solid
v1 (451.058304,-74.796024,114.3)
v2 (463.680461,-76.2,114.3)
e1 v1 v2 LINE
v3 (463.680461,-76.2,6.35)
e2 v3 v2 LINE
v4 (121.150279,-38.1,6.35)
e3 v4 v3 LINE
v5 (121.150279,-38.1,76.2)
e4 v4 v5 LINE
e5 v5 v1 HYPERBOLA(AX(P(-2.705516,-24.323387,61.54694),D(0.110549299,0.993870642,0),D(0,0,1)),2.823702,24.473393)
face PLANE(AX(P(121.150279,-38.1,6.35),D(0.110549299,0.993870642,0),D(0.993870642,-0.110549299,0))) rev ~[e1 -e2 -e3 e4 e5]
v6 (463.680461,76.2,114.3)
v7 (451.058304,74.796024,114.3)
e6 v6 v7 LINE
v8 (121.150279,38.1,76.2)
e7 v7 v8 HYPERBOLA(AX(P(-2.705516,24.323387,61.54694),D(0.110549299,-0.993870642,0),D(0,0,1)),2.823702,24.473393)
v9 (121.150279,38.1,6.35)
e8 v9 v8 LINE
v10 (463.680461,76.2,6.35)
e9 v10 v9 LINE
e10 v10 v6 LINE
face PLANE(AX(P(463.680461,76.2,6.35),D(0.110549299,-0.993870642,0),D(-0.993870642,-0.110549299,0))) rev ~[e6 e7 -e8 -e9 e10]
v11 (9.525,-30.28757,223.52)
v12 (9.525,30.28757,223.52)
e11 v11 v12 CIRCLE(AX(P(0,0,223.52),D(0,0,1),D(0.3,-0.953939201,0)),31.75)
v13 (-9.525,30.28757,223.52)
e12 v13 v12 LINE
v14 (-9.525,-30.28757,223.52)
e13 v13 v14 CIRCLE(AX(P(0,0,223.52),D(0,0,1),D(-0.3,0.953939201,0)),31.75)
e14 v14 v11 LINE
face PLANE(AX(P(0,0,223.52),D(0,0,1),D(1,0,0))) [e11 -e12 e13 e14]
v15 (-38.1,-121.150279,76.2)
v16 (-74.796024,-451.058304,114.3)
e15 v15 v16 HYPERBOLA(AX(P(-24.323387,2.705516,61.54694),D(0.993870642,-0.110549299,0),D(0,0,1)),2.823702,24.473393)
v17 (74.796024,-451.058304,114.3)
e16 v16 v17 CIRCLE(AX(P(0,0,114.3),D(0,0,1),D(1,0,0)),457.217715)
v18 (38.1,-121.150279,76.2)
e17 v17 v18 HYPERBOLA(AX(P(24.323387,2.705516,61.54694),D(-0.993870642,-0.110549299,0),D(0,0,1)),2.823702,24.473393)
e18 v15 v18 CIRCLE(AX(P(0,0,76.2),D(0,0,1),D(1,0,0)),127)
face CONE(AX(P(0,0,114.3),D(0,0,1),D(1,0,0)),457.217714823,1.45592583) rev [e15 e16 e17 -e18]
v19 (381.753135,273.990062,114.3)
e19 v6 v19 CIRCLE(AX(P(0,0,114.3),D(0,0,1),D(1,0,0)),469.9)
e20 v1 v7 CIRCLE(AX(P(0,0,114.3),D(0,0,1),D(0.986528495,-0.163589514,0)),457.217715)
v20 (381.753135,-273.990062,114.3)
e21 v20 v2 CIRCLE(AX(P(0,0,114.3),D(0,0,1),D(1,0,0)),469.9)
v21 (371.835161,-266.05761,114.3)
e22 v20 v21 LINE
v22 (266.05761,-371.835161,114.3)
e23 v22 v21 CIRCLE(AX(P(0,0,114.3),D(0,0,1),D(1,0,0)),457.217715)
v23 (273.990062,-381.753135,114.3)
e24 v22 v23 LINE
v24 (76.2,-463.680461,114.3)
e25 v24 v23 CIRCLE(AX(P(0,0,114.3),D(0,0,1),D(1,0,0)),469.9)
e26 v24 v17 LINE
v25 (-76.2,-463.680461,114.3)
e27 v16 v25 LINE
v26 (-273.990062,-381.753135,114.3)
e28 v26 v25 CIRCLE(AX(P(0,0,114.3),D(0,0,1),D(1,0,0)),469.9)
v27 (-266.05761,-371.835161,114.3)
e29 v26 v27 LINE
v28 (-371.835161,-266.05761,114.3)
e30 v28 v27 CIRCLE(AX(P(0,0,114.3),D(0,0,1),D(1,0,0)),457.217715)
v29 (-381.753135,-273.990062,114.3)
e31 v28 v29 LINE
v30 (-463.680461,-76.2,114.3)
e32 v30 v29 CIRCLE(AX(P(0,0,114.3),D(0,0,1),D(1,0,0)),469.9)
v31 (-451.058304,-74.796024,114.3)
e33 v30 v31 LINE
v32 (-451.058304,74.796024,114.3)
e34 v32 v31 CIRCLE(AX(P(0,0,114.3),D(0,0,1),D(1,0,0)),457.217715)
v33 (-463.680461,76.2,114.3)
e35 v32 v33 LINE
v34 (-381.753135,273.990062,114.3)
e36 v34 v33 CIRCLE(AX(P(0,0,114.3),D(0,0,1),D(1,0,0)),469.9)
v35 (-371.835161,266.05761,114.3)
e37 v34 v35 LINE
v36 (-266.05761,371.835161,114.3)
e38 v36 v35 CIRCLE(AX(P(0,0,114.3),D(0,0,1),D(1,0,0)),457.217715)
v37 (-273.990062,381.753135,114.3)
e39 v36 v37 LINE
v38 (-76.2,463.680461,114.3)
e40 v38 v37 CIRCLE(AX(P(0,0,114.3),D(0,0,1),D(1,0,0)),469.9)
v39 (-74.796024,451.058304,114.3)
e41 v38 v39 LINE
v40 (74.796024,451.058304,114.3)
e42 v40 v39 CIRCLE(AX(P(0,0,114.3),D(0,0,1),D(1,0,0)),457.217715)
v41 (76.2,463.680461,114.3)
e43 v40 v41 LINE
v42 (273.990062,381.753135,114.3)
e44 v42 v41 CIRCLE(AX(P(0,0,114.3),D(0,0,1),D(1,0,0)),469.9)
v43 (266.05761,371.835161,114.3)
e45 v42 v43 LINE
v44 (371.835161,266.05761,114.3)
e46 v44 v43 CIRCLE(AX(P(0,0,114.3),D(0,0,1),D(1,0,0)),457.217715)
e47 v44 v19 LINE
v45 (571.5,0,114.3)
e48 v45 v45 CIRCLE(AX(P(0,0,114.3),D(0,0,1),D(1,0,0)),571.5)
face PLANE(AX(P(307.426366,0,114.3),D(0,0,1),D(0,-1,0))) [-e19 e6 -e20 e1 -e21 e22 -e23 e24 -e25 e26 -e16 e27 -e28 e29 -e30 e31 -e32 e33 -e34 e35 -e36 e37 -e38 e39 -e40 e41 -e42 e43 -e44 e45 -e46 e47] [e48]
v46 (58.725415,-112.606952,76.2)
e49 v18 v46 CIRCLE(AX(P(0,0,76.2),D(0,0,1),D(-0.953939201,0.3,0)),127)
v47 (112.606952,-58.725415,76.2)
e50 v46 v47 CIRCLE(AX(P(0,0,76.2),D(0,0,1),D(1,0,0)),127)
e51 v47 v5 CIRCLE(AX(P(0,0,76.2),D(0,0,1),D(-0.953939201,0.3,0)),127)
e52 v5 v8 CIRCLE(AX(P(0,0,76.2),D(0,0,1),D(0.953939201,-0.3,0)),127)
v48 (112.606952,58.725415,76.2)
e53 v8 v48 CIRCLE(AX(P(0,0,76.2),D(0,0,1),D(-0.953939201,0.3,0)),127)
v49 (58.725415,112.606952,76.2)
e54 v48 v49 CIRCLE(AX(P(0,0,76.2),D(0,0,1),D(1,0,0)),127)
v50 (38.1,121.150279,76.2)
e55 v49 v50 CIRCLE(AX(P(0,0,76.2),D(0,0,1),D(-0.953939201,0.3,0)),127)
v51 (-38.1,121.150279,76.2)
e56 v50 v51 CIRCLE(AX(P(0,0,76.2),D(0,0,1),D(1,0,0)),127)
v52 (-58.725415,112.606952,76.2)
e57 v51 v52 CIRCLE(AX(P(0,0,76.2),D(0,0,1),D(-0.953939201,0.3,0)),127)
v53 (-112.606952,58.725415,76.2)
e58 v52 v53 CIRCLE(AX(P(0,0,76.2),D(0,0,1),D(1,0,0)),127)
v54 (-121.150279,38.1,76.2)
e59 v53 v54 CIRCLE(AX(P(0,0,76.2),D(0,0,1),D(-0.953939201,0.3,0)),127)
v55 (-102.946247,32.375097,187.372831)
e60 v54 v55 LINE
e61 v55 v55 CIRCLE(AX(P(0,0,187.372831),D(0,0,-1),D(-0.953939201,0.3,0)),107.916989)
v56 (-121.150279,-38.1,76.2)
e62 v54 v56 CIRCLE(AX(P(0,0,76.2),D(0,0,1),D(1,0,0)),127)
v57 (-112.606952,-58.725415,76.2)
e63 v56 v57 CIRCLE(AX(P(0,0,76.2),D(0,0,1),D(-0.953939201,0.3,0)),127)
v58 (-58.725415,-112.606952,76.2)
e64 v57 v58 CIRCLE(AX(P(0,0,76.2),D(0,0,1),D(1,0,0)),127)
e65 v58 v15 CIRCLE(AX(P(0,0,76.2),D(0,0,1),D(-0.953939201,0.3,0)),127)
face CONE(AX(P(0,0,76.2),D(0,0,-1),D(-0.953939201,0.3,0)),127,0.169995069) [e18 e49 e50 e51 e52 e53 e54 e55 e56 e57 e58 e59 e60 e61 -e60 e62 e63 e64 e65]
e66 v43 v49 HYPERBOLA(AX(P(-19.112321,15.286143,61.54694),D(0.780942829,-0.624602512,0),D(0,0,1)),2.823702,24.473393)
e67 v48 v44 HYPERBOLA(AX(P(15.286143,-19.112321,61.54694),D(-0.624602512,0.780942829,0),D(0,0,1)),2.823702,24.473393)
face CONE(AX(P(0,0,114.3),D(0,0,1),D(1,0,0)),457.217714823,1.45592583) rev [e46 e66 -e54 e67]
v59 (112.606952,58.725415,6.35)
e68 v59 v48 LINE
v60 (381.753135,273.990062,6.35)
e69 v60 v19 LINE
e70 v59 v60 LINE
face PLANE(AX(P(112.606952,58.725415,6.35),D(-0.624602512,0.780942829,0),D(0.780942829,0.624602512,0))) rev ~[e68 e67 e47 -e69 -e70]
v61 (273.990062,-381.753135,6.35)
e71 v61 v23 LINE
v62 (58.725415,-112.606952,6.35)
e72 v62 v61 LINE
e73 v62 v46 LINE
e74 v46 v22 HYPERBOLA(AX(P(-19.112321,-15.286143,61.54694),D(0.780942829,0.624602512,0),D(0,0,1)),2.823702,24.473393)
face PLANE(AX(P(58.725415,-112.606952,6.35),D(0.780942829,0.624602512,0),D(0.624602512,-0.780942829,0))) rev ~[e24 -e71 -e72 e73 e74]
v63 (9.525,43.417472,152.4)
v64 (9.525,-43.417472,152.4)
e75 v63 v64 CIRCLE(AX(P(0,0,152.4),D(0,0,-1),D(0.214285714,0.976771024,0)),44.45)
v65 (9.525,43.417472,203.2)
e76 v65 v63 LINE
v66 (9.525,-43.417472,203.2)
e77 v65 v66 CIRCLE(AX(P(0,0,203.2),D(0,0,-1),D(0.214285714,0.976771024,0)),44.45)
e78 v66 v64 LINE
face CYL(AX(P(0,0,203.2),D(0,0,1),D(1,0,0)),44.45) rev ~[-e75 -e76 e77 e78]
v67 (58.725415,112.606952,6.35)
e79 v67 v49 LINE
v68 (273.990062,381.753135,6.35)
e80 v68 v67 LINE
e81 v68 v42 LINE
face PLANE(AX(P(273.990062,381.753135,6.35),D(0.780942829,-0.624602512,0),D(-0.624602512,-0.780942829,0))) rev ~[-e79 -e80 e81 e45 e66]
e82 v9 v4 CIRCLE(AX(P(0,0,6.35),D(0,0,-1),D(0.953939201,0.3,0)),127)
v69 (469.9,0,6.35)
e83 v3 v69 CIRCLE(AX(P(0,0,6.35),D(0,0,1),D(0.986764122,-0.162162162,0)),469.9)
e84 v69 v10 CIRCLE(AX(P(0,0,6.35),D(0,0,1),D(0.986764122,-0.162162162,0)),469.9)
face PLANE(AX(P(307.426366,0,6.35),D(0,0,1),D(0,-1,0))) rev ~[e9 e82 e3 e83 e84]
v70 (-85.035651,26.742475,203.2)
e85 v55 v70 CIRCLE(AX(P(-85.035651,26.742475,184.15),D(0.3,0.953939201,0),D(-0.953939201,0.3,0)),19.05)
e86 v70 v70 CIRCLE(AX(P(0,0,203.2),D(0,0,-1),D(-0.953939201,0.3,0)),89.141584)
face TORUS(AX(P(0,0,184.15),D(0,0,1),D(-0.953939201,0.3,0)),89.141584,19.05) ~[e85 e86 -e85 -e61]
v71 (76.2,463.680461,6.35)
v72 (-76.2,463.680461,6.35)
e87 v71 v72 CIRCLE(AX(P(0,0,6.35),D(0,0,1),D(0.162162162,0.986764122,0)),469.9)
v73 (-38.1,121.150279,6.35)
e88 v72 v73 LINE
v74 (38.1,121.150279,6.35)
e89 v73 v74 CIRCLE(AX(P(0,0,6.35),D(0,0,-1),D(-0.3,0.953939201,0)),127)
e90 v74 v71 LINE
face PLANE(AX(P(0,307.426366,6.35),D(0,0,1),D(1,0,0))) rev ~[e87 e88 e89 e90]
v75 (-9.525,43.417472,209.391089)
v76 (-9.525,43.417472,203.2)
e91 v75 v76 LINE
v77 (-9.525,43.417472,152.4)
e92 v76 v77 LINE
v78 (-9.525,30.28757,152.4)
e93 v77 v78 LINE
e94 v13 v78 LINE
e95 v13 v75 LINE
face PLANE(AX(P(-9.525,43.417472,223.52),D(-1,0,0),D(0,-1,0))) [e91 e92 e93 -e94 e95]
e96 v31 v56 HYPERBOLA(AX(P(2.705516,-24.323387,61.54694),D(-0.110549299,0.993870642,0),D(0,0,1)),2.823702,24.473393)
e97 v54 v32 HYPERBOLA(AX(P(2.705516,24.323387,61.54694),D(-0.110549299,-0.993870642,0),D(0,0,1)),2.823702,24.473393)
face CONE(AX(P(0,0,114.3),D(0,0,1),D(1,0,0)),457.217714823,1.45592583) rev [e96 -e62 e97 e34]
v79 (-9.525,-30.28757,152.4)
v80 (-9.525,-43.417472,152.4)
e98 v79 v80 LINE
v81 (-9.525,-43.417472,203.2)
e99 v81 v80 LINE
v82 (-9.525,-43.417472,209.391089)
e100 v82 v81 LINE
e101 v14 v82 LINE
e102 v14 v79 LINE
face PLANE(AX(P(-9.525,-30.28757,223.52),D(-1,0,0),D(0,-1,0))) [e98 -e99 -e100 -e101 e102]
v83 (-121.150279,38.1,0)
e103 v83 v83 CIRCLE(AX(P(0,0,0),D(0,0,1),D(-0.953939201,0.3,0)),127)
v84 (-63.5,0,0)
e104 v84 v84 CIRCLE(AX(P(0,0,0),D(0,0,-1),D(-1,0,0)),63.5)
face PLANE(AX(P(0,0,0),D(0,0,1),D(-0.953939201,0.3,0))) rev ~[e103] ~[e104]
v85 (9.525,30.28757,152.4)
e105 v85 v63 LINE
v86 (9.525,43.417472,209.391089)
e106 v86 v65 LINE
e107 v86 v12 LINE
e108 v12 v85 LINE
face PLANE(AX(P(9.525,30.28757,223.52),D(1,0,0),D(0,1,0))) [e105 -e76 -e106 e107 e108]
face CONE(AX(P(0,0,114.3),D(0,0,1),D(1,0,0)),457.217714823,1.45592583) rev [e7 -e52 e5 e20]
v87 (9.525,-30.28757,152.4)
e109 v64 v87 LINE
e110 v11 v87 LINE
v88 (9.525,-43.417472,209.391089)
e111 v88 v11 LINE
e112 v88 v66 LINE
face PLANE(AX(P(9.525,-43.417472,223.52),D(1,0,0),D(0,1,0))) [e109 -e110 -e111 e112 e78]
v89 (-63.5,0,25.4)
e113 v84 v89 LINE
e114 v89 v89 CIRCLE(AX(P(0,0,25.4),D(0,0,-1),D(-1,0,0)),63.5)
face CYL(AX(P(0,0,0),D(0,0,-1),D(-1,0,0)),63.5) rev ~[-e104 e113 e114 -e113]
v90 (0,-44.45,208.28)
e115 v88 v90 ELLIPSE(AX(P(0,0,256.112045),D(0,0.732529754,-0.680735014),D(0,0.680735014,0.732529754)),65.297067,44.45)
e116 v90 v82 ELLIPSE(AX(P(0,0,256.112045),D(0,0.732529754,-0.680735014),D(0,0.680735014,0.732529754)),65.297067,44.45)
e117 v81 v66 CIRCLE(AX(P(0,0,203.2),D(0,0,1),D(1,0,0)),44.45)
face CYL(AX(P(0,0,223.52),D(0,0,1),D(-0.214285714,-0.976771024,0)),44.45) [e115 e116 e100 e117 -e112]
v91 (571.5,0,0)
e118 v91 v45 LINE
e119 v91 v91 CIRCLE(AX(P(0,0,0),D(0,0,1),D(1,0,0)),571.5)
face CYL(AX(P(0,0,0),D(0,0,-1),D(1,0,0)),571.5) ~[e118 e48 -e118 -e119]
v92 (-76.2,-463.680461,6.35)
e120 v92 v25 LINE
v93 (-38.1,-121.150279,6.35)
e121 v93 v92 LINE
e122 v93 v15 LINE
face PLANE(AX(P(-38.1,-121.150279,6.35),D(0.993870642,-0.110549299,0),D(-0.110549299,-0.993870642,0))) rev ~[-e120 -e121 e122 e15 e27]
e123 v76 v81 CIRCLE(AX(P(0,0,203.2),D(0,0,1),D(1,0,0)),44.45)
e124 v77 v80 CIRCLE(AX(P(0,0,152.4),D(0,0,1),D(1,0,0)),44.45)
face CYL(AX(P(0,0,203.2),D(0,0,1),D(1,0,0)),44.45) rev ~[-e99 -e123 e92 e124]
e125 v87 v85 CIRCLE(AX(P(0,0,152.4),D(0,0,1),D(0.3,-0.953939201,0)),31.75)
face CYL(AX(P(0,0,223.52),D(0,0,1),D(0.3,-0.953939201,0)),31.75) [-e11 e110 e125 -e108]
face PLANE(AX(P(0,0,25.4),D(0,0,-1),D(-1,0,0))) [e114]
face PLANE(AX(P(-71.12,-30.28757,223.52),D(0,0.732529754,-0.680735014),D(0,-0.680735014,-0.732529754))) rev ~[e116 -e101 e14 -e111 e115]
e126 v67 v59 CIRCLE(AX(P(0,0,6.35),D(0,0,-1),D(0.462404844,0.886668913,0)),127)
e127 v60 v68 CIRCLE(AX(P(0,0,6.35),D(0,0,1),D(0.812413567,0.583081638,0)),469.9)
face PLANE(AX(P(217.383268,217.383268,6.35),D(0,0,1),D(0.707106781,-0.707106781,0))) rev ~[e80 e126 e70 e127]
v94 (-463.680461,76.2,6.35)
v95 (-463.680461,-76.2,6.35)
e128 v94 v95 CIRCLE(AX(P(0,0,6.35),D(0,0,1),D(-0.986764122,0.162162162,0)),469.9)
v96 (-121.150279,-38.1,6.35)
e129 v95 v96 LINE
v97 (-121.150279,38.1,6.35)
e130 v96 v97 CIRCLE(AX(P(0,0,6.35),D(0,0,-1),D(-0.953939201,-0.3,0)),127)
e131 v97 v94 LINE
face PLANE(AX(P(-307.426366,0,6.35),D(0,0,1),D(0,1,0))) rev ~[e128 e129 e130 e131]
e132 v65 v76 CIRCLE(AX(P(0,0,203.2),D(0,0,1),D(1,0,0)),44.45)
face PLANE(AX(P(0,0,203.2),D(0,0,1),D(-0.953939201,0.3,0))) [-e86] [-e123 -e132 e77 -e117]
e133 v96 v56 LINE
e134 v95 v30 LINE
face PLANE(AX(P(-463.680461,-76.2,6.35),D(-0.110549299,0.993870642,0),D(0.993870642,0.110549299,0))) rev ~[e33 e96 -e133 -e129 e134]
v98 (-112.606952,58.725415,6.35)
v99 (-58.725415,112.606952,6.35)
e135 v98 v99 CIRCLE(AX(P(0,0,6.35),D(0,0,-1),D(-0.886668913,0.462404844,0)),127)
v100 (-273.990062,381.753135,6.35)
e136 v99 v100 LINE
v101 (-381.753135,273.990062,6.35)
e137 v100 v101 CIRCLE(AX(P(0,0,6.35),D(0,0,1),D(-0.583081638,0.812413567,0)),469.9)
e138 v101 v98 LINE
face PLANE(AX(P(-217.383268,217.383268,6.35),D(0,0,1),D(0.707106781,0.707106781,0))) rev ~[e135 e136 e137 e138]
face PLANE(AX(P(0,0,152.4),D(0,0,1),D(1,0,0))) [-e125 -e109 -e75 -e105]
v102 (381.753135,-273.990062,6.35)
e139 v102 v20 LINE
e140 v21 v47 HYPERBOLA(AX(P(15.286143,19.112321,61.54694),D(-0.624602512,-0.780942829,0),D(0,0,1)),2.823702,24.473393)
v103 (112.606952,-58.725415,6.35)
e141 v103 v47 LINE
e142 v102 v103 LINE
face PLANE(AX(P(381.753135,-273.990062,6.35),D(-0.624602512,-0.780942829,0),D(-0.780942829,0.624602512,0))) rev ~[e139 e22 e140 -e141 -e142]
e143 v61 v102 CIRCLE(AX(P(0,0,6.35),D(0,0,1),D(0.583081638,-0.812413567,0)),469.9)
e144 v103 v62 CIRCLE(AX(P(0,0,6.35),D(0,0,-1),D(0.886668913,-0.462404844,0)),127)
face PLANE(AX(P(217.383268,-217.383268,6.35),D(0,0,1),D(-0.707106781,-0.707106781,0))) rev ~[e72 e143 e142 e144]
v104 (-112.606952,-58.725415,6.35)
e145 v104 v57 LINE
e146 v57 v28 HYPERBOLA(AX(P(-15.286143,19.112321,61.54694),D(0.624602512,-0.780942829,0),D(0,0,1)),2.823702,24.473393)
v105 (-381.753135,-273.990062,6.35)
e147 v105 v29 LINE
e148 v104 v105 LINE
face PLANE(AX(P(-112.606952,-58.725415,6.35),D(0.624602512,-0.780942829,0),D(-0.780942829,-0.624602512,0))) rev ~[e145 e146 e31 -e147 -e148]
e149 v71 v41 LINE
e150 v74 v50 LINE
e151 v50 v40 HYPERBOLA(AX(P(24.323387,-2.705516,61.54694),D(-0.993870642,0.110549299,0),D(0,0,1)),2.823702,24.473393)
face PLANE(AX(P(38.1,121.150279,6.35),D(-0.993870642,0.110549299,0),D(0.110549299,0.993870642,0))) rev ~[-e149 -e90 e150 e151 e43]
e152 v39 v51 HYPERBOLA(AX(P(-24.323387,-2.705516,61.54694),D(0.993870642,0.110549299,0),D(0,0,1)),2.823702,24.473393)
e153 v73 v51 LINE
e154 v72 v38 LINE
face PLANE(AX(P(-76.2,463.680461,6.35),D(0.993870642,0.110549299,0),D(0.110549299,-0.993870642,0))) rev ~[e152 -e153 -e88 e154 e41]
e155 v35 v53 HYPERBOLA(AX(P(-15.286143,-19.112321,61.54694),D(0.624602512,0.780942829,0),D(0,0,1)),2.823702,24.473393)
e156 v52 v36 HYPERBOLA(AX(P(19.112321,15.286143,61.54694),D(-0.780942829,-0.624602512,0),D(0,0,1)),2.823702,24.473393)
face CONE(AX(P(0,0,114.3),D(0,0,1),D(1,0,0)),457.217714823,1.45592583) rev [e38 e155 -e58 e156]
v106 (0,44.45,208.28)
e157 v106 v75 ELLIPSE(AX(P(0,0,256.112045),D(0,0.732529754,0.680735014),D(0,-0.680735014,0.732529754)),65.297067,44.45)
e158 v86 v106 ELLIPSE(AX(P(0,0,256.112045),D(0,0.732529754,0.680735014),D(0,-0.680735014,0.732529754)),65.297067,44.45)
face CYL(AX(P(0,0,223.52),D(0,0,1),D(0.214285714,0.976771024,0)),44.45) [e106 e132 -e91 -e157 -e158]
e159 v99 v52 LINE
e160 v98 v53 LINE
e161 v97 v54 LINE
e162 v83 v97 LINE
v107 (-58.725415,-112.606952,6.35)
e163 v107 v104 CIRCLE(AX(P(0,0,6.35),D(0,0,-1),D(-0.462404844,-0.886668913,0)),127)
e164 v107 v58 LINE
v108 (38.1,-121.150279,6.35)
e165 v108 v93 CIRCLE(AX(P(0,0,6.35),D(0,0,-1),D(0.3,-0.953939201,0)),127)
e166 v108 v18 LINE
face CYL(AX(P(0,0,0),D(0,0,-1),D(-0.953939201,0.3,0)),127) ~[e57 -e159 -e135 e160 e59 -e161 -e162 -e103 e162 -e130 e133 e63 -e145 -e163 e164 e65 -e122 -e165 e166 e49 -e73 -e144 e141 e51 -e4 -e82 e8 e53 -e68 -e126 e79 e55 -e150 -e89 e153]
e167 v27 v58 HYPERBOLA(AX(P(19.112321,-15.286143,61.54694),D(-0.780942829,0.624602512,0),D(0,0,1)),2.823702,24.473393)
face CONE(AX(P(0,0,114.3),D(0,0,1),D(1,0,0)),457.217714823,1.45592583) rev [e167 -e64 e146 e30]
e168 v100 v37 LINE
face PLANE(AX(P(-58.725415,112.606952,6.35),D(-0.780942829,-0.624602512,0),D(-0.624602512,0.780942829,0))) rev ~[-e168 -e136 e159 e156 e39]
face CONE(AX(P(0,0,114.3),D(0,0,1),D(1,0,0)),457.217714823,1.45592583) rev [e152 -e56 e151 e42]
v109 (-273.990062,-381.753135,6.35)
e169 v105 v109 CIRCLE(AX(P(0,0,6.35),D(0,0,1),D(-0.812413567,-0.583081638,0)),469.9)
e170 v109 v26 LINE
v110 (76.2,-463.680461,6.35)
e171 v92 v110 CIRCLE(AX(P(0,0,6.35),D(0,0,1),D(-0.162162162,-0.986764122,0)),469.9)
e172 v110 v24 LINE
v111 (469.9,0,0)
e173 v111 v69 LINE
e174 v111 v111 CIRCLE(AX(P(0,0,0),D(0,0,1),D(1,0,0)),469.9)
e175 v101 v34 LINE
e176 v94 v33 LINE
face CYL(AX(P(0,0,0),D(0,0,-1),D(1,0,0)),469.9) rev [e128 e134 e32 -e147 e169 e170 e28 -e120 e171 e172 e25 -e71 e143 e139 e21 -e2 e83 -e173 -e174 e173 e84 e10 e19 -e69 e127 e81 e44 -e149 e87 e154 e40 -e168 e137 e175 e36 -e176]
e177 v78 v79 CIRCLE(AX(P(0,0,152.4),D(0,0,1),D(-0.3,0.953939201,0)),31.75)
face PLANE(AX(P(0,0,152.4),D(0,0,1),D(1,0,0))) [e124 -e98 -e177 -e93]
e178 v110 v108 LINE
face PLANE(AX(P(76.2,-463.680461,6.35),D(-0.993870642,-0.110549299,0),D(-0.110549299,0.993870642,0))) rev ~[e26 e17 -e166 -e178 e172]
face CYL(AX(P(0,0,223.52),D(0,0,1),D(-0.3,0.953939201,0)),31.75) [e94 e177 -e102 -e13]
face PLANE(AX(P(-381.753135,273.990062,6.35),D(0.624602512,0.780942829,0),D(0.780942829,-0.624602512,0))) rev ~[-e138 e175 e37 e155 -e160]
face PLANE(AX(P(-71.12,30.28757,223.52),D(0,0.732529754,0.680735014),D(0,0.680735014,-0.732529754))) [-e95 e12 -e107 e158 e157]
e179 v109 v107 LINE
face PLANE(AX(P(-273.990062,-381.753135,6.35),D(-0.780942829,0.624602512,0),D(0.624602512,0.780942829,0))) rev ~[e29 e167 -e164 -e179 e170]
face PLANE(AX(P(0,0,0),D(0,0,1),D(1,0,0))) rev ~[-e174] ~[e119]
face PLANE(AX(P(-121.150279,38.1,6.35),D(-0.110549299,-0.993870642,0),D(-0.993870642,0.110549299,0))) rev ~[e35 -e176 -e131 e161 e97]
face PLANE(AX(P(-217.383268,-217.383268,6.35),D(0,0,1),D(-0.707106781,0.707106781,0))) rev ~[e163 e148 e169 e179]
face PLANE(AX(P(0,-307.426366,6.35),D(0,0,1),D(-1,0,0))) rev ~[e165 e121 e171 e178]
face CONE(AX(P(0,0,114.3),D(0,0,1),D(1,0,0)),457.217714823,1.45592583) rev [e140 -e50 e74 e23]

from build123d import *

# Parameters (mm, degrees)
SKETCH1_R               = 571.5
SKETCH1_R_2             = 469.9
BOSS_EXTRUDE1_DEPTH     = 114.3
BOSS_EXTRUDE2_START     = -107.95
BOSS_EXTRUDE2_DEPTH     = 107.95
CIRPATTERN2_COUNT       = 8
SKETCH18_R              = 457.217714823
SKETCH17_R              = 127
SKETCH9_R               = 127
BOSS_EXTRUDE4_DEPTH     = 76.2
SKETCH10_R              = 127
BOSS_EXTRUDE6_DEPTH     = 127
BOSS_EXTRUDE6_TAPER     = 9.74
FILLET1_R               = 19.05
SKETCH13_R              = 44.45
CUT_EXTRUDE2_DEPTH      = 50.8
BOSS_EXTRUDE9_START     = 71.12
BOSS_EXTRUDE9_DEPTH     = 71.12
CUT_EXTRUDE3_DEPTH      = 71.12
CUT_EXTRUDE3_DEPTH_BACK = 71.12
SKETCH19_R              = 63.5
CUT_EXTRUDE4_DEPTH      = 25.4


with BuildPart() as part:
    # Sketch1 → Boss-Extrude1 (new body)
    with BuildSketch(Plane.XY):
        Circle(SKETCH1_R)
        Circle(SKETCH1_R_2, mode=Mode.SUBTRACT)
    extrude(amount=BOSS_EXTRUDE1_DEPTH)

    # Sketch2 → Boss-Extrude2 (add)
    with BuildSketch(Plane.XY.offset(114.3).offset(BOSS_EXTRUDE2_START)):
        with BuildLine():
            ThreePointArc((76.2, 463.680461094), (0, 469.9), (-76.2, 463.680461094))
            Line((-76.2, 463.680461094), (-38.1, 121.15027858))
            ThreePointArc((-38.1, 121.15027858), (0, 127), (38.1, 121.15027858))
            Line((38.1, 121.15027858), (76.2, 463.680461094))
        make_face()
    boss_extrude2 = extrude(amount=BOSS_EXTRUDE2_DEPTH)

    # CirPattern2: Boss-Extrude2 ×8 about axis
    cirpattern2_axis = Axis((0, 0, 0), (0, 0, 1))
    for i in range(1, CIRPATTERN2_COUNT):
        add(boss_extrude2.rotate(cirpattern2_axis, i * 360 / CIRPATTERN2_COUNT))

    # Sketch18 → Cut-Loft1 section 0
    with BuildSketch(Plane.XY.offset(114.3)):
        Circle(SKETCH18_R)
    # Sketch17 → Cut-Loft1 section 1
    with BuildSketch(Plane.XY.offset(76.2)):
        Circle(SKETCH17_R)
    loft(mode=Mode.SUBTRACT)

    # Sketch9 → Boss-Extrude4 (add)
    with BuildSketch(Plane.XY):
        with Locations(Location((0, 0, 0), (0, 0, 162.542396876))):
            Circle(SKETCH9_R)
    extrude(amount=BOSS_EXTRUDE4_DEPTH)

    # Sketch10 → Boss-Extrude6 (add)
    with BuildSketch(Plane.XY.offset(76.2)):
        with Locations(Location((0, 0, 0), (0, 0, 162.542396876))):
            Circle(SKETCH10_R)
    extrude(amount=BOSS_EXTRUDE6_DEPTH, taper=BOSS_EXTRUDE6_TAPER)

    # Fillet1
    fillet1_edges = [part.edges().sort_by_distance(p)[0] for p in [
        (100.35462173, -31.560068477, 203.2),
    ]]
    fillet(fillet1_edges, radius=FILLET1_R)

    # Sketch13 → Cut-Extrude2 (cut)
    with BuildSketch(Plane.XY.offset(203.2)):
        Circle(SKETCH13_R)
    extrude(amount=-CUT_EXTRUDE2_DEPTH, mode=Mode.SUBTRACT)

    # Sketch15 → Boss-Extrude9 (add)
    with BuildSketch(Plane.XY.offset(152.4).offset(BOSS_EXTRUDE9_START)):
        with BuildLine():
            Line((-9.525, 43.417472001), (-9.525, 30.287569645))
            ThreePointArc((-9.525, 30.287569645), (-31.75, 0), (-9.525, -30.287569645))
            Line((-9.525, -30.287569645), (-9.525, -43.417472001))
            ThreePointArc((-9.525, -43.417472001), (0, -44.45), (9.525, -43.417472001))
            Line((9.525, -43.417472001), (9.525, -30.287569645))
            ThreePointArc((9.525, -30.287569645), (31.75, 0), (9.525, 30.287569645))
            Line((9.525, 30.287569645), (9.525, 43.417472001))
            ThreePointArc((9.525, 43.417472001), (0, 44.45), (-9.525, 43.417472001))
        make_face()
    extrude(amount=-BOSS_EXTRUDE9_DEPTH)

    # Sketch16 → Cut-Extrude3 (cut, two sides: drawn at the far end of the back side and taken through both)
    with BuildSketch(Plane(origin=(0, 0, 0), x_dir=(0, 0, -1), z_dir=(1, 0, 0)).offset(-CUT_EXTRUDE3_DEPTH_BACK)):
        Polygon((-223.52, 30.287569645), (-208.28, 44.45), (-223.52, 44.45), align=None)
        Polygon((-223.52, -44.45), (-223.52, -30.287569645), (-208.28, -44.45), align=None)
    extrude(amount=CUT_EXTRUDE3_DEPTH + CUT_EXTRUDE3_DEPTH_BACK, mode=Mode.SUBTRACT)

    # Sketch19 → Cut-Extrude4 (cut)
    with BuildSketch(Plane(origin=(0, 0, 0), x_dir=(-1, 0, 0), z_dir=(0, 0, -1))):
        Circle(SKETCH19_R)
    extrude(amount=-CUT_EXTRUDE4_DEPTH, mode=Mode.SUBTRACT)


solid = part.part
